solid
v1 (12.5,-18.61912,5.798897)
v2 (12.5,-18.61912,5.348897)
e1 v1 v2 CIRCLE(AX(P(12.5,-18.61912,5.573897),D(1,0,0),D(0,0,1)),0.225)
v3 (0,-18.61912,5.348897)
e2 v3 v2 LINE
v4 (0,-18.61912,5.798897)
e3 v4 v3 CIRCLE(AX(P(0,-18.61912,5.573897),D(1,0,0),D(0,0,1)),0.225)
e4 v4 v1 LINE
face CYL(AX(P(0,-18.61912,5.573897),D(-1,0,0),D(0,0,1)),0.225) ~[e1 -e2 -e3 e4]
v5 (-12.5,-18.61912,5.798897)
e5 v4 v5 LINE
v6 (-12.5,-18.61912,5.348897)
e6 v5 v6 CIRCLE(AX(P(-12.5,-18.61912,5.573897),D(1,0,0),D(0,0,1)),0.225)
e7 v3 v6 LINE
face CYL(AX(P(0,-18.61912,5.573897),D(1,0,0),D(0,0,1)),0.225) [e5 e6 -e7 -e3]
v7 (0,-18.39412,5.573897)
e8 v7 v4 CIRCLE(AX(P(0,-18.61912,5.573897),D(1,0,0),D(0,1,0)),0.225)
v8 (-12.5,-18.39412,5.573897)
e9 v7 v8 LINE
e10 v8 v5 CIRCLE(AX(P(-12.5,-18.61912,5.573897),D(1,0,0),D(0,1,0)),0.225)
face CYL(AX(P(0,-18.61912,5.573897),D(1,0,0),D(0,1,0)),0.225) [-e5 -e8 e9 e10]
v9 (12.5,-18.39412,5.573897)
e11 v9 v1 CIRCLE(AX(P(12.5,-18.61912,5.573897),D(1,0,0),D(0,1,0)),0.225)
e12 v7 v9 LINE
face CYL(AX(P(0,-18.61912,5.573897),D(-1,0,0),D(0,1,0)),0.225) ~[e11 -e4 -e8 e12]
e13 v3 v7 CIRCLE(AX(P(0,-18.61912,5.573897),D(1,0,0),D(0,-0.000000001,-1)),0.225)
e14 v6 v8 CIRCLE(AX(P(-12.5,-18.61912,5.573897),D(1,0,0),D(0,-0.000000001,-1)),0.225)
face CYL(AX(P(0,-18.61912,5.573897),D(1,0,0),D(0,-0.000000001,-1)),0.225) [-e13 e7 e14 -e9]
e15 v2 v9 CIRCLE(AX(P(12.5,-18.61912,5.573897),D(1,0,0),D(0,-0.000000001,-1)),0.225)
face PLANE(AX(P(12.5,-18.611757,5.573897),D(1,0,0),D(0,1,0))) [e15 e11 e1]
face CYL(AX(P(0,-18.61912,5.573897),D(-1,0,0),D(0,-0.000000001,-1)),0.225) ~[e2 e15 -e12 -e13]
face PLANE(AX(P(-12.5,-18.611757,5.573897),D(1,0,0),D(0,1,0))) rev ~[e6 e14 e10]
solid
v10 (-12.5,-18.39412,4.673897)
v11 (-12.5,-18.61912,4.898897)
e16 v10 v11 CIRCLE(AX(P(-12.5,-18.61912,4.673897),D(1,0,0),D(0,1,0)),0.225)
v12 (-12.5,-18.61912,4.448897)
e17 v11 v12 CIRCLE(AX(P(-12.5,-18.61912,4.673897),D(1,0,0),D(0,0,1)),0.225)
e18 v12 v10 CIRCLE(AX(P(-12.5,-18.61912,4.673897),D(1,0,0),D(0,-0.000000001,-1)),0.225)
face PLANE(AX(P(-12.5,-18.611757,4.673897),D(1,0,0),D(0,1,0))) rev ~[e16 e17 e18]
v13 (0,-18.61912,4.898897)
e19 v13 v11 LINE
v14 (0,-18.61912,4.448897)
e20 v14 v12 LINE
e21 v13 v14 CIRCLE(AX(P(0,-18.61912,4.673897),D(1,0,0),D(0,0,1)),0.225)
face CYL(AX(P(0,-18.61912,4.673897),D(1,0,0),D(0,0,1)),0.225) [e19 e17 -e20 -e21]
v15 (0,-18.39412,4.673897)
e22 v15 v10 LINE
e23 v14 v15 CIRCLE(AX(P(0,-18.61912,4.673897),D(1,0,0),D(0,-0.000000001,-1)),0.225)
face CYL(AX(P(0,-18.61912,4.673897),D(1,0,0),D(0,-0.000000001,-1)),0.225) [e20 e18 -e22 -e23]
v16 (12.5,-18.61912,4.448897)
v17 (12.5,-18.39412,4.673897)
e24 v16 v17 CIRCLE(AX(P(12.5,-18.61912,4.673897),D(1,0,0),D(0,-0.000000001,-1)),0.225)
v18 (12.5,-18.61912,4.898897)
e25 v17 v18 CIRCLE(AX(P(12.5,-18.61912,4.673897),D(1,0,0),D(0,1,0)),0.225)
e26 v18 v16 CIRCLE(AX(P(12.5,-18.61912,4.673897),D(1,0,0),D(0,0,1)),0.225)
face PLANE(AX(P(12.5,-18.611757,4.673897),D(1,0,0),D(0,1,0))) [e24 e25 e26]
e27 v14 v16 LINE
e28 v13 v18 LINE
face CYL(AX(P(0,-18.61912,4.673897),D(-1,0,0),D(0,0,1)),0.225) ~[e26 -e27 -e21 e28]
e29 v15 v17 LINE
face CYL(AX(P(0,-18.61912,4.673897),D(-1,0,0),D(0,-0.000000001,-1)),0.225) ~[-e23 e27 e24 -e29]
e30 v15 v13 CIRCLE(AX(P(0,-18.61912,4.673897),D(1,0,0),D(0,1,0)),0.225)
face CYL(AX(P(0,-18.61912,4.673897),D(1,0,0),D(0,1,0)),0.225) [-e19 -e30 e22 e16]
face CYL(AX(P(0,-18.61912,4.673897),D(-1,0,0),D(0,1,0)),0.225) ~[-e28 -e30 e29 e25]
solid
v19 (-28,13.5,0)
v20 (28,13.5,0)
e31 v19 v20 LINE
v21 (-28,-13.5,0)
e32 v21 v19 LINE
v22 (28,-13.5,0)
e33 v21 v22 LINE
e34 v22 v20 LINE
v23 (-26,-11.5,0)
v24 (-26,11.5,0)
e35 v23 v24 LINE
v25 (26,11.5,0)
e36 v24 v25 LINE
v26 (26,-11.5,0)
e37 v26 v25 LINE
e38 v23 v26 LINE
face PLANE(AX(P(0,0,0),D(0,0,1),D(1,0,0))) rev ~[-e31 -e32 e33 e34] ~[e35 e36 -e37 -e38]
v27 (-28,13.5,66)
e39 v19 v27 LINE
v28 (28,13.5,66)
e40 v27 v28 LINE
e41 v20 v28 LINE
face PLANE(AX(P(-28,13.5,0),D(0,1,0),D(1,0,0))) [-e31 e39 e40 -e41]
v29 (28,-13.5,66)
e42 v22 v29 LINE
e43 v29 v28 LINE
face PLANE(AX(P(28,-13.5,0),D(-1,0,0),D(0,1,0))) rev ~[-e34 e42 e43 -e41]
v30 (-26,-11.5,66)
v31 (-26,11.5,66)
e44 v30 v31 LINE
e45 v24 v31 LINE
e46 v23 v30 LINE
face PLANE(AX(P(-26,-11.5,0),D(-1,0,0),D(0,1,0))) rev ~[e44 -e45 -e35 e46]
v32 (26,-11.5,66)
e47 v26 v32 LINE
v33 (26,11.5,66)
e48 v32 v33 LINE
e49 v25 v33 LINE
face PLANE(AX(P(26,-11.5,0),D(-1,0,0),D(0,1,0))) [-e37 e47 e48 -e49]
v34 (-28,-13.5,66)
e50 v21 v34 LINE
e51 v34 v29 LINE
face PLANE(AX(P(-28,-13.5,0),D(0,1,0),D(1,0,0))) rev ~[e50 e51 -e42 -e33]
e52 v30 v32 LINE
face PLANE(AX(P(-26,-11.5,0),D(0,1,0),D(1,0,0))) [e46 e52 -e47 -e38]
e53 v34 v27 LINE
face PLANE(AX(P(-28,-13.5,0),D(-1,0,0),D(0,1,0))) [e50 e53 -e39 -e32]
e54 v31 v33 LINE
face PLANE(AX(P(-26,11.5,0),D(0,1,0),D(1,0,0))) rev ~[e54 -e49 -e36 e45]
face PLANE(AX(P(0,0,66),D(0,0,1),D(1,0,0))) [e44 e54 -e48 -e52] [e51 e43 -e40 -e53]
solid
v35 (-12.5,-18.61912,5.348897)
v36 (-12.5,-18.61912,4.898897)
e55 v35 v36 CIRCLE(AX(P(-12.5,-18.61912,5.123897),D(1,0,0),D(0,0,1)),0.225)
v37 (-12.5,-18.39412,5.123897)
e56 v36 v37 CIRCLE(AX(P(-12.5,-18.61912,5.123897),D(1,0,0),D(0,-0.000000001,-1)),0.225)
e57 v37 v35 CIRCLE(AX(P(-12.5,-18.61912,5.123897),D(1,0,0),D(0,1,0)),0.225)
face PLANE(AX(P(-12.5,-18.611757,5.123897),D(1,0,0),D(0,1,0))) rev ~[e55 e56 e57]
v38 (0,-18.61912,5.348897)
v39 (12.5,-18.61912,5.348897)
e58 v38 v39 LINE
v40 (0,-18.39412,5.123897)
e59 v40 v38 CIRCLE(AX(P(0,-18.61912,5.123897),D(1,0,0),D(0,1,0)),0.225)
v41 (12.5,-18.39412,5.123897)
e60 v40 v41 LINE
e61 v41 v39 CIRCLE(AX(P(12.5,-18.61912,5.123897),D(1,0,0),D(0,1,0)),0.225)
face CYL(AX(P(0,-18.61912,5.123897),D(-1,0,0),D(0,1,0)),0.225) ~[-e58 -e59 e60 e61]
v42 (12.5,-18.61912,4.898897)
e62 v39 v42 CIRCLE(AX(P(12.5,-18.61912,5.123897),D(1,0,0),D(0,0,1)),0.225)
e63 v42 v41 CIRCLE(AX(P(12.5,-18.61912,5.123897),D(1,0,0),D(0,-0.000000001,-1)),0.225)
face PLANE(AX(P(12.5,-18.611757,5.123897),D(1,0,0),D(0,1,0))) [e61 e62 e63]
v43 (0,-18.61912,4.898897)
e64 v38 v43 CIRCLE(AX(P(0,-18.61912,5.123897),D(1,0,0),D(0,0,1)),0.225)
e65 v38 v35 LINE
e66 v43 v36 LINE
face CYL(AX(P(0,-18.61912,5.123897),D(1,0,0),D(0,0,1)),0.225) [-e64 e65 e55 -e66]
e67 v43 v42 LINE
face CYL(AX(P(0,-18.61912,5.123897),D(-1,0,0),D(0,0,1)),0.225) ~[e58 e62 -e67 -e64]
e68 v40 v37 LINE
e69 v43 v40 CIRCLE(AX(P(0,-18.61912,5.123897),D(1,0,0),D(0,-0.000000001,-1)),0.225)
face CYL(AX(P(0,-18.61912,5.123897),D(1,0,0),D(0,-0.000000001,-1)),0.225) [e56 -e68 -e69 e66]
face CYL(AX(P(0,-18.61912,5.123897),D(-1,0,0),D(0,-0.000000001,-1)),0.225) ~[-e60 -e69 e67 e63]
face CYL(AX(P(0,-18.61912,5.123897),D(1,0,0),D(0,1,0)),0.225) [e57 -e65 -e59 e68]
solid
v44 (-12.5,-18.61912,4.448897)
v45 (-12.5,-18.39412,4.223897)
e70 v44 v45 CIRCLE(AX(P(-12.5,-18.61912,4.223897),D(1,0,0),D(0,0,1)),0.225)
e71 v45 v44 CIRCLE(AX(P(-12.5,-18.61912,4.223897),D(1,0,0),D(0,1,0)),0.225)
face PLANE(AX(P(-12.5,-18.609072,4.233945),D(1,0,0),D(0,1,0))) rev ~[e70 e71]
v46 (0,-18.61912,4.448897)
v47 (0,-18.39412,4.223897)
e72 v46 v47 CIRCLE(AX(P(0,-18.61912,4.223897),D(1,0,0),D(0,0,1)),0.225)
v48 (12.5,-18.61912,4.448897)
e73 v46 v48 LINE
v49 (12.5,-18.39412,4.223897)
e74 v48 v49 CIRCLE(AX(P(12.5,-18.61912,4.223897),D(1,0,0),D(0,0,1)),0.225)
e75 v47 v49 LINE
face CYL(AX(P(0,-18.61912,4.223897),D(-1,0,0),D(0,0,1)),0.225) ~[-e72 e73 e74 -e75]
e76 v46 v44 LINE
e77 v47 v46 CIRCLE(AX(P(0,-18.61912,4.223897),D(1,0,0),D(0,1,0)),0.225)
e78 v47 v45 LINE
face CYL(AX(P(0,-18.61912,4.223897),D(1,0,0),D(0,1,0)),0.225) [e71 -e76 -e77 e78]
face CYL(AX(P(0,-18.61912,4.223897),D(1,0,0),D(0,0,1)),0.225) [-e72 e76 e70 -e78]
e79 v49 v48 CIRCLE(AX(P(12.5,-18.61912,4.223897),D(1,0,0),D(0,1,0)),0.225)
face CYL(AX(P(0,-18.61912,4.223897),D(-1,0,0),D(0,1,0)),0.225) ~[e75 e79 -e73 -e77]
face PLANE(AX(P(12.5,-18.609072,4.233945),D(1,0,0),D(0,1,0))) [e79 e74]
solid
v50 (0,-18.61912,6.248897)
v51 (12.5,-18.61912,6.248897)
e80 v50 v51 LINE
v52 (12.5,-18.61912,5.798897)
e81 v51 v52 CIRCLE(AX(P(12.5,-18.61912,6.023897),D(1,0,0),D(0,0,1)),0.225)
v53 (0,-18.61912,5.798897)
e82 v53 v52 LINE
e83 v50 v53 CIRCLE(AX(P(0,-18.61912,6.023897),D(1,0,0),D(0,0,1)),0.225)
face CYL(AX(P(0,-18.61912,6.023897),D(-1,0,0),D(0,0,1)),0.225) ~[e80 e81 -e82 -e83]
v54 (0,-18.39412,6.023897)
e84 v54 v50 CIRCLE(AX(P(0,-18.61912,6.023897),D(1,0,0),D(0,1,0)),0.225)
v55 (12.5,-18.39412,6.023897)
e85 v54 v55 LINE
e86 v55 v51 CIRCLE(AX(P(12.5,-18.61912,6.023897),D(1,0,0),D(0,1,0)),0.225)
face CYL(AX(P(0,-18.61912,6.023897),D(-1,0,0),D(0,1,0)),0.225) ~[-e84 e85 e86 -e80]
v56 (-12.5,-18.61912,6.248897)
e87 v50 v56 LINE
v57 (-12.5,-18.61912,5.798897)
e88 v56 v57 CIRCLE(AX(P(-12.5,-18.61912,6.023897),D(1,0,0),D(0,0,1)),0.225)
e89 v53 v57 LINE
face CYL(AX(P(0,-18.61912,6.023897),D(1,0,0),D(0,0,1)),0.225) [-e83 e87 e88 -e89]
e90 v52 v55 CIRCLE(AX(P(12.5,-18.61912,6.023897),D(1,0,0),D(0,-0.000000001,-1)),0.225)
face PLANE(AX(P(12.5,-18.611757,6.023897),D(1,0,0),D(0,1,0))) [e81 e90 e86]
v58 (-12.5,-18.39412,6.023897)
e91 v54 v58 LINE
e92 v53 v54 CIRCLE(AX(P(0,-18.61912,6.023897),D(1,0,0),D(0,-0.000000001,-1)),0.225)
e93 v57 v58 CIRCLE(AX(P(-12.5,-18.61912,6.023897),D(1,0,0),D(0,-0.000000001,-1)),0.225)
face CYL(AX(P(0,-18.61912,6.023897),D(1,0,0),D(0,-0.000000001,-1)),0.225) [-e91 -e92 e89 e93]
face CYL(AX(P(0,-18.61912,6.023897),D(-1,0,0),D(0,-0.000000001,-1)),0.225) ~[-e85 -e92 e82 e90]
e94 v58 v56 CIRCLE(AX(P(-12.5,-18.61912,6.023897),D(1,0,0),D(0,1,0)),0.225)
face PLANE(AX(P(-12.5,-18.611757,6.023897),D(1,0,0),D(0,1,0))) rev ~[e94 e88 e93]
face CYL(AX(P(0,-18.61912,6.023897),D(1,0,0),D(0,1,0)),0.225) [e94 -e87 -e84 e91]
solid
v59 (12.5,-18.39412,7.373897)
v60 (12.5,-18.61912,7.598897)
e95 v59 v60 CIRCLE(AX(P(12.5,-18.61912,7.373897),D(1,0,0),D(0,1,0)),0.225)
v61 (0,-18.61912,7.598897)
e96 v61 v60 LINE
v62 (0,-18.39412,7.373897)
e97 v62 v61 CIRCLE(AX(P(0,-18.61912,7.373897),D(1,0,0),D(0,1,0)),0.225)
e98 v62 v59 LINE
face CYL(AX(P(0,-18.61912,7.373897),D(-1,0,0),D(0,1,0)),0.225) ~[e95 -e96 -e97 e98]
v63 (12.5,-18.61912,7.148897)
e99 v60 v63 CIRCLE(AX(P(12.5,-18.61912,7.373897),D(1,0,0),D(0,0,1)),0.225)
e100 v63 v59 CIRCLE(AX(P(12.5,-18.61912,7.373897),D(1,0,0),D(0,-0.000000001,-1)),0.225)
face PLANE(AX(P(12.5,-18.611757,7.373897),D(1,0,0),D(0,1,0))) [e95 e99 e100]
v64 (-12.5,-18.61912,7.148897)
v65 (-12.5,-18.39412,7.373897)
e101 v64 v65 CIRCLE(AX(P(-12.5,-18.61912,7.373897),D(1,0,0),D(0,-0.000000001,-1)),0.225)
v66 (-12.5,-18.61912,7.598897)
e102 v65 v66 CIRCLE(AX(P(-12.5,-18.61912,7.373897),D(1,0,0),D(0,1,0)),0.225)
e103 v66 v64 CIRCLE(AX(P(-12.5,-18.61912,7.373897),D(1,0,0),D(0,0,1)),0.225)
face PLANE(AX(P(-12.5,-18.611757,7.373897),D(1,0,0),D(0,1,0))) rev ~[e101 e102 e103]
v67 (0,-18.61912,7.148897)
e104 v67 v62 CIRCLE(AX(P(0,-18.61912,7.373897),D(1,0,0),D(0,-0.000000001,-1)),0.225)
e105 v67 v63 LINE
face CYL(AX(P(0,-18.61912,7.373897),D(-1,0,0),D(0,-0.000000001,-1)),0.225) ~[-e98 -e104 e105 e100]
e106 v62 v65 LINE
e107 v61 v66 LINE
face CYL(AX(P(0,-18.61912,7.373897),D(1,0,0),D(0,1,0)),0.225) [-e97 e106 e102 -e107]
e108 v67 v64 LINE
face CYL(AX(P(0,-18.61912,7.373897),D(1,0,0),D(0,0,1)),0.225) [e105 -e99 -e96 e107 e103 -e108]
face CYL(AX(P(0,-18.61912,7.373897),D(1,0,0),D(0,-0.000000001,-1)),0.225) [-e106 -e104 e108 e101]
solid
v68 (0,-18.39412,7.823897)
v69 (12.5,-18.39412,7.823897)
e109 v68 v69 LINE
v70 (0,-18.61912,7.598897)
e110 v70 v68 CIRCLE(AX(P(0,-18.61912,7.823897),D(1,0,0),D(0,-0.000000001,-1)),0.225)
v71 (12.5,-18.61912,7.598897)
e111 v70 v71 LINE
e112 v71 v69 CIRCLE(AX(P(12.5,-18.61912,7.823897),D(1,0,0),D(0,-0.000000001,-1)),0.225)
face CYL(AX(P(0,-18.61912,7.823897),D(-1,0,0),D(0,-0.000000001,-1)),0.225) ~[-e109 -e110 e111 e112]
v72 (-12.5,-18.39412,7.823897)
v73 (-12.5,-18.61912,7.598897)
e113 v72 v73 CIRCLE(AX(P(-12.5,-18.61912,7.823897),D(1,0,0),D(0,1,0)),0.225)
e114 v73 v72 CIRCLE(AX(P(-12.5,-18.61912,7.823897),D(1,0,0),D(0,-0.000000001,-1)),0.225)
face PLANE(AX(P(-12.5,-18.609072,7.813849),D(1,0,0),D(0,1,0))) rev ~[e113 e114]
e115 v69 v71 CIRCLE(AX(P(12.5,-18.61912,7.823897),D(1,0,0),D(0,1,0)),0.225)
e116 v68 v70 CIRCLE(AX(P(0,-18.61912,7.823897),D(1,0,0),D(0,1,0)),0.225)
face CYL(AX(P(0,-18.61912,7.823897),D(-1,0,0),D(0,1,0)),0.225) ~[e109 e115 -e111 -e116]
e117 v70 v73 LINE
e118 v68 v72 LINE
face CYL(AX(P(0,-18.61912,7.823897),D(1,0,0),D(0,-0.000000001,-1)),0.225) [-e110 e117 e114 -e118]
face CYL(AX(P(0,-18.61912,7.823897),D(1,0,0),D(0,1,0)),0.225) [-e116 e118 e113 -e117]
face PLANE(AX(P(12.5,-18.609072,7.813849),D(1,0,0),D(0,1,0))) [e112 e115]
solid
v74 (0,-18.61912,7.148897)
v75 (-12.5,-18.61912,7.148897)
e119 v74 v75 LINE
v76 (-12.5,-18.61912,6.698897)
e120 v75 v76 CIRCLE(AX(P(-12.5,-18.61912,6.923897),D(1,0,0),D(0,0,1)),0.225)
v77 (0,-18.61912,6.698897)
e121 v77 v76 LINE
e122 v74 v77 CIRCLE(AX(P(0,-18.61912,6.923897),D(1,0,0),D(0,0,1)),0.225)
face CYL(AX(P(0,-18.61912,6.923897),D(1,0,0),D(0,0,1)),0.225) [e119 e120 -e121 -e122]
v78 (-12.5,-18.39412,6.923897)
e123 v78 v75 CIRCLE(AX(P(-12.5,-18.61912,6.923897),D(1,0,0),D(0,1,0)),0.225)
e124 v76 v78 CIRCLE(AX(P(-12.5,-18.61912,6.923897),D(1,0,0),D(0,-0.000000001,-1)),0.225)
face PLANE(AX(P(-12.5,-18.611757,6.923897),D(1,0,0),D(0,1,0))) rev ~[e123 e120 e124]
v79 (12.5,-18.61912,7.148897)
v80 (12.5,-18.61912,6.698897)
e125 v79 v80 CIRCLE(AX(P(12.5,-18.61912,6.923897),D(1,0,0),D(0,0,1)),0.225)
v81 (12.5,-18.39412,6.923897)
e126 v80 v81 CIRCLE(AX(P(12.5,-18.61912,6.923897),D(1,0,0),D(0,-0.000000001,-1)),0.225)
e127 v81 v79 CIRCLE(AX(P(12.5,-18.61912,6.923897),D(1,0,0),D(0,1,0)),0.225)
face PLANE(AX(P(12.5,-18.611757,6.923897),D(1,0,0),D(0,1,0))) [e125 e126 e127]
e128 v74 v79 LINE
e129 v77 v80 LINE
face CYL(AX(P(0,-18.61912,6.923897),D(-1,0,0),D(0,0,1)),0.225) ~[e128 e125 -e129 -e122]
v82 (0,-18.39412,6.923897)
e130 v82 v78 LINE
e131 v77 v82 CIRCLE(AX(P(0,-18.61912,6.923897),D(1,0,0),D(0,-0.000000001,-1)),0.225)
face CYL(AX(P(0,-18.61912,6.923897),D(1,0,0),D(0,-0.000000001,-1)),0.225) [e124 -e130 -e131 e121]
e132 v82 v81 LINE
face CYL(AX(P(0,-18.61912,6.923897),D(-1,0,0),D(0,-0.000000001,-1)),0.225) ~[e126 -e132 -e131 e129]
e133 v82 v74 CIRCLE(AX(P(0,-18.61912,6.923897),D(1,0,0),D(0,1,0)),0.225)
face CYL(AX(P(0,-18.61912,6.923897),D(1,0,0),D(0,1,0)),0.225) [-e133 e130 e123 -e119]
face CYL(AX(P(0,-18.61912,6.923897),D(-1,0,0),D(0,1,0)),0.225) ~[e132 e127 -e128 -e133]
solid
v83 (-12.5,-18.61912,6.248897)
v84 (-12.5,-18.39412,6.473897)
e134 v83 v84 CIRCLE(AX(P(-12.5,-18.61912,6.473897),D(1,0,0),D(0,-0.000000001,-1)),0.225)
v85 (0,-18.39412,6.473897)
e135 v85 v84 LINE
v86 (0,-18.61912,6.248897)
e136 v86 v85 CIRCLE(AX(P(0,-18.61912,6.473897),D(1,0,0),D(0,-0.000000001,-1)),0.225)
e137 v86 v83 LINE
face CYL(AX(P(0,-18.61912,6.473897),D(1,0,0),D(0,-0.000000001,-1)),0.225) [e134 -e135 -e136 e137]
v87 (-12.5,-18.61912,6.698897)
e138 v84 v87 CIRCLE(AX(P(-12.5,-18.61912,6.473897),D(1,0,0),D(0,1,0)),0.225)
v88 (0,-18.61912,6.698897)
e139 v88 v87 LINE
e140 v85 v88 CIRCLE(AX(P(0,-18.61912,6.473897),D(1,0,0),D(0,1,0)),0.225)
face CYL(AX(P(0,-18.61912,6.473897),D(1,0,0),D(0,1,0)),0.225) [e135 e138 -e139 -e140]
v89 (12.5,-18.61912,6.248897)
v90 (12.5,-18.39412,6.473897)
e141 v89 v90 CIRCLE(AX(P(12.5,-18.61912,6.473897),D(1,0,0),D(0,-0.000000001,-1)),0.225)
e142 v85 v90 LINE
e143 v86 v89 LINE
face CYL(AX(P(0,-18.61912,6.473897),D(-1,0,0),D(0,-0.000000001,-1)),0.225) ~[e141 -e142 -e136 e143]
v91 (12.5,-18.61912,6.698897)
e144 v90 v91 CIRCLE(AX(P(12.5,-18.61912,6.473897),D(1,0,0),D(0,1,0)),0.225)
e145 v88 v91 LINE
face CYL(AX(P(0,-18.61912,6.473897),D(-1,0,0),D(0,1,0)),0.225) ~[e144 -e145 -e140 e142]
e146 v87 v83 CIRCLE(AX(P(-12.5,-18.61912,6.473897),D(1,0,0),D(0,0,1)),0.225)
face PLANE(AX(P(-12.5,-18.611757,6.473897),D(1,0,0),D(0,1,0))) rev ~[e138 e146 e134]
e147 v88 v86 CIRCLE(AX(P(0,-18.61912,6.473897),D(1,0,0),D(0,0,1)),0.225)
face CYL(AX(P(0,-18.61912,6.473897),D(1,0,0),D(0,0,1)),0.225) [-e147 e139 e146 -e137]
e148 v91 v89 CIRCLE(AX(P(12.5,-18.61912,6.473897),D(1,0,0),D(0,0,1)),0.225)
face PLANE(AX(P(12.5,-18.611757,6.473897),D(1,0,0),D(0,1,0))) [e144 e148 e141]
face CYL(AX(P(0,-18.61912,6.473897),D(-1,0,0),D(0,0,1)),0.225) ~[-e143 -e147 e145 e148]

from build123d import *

# Parameters (mm, degrees)
F0_W     = 56
F0_H     = 27
F0_W_2   = 52
F0_H_2   = 23
F1_DEPTH = 66
F3_DEPTH = 12.5


with BuildPart() as f1:
    # F0 (on Top) → F1 (new body)
    with BuildSketch(Plane.XY):
        Rectangle(F0_W, F0_H)
        Rectangle(F0_W_2, F0_H_2, mode=Mode.SUBTRACT)
    extrude(amount=F1_DEPTH)


with BuildPart() as f3:
    # F2 (on Right) → F3 (new body, symmetric)
    with BuildSketch(Plane.YZ):
        with BuildLine():
            ThreePointArc((-18.394120121, 4.22389699), (-18.4600210952, 4.3829960157), (-18.619120121, 4.44889699))
            ThreePointArc((-18.619120121, 4.44889699), (-18.7782191468, 4.0647979642), (-18.394120121, 4.22389699))
        make_face()
    extrude(amount=F3_DEPTH, both=True)


with BuildPart() as f3b:
    # F2 (on Right) → F3, piece 2 (new body, symmetric)
    with BuildSketch(Plane.YZ):
        with BuildLine():
            ThreePointArc((-18.394120121, 4.67389699), (-18.4600210952, 4.8329960157), (-18.619120121, 4.89889699))
            ThreePointArc((-18.619120121, 4.89889699), (-18.844120121, 4.67389699), (-18.619120121, 4.44889699))
            ThreePointArc((-18.619120121, 4.44889699), (-18.4600210952, 4.5147979642), (-18.394120121, 4.67389699))
        make_face()
    extrude(amount=F3_DEPTH, both=True)


with BuildPart() as f3c:
    # F2 (on Right) → F3, piece 3 (new body, symmetric)
    with BuildSketch(Plane.YZ):
        with BuildLine():
            ThreePointArc((-18.394120121, 5.57389699), (-18.4600210952, 5.7329960157), (-18.619120121, 5.79889699))
            ThreePointArc((-18.619120121, 5.79889699), (-18.844120121, 5.57389699), (-18.619120121, 5.34889699))
            ThreePointArc((-18.619120121, 5.34889699), (-18.4600210952, 5.4147979642), (-18.394120121, 5.57389699))
        make_face()
    extrude(amount=F3_DEPTH, both=True)


with BuildPart() as f3d:
    # F2 (on Right) → F3, piece 4 (new body, symmetric)
    with BuildSketch(Plane.YZ):
        with BuildLine():
            ThreePointArc((-18.394120121, 5.12389699), (-18.4600210952, 5.2829960157), (-18.619120121, 5.34889699))
            ThreePointArc((-18.619120121, 5.34889699), (-18.844120121, 5.12389699), (-18.619120121, 4.89889699))
            ThreePointArc((-18.619120121, 4.89889699), (-18.4600210952, 4.9647979642), (-18.394120121, 5.12389699))
        make_face()
    extrude(amount=F3_DEPTH, both=True)


with BuildPart() as f3e:
    # F2 (on Right) → F3, piece 5 (new body, symmetric)
    with BuildSketch(Plane.YZ):
        with BuildLine():
            ThreePointArc((-18.394120121, 6.02389699), (-18.4600210952, 6.1829960157), (-18.619120121, 6.24889699))
            ThreePointArc((-18.619120121, 6.24889699), (-18.844120121, 6.02389699), (-18.619120121, 5.79889699))
            ThreePointArc((-18.619120121, 5.79889699), (-18.4600210952, 5.8647979642), (-18.394120121, 6.02389699))
        make_face()
    extrude(amount=F3_DEPTH, both=True)


with BuildPart() as f3f:
    # F2 (on Right) → F3, piece 6 (new body, symmetric)
    with BuildSketch(Plane.YZ):
        with BuildLine():
            ThreePointArc((-18.394120121, 6.47389699), (-18.4600210952, 6.6329960157), (-18.619120121, 6.69889699))
            ThreePointArc((-18.619120121, 6.69889699), (-18.844120121, 6.47389699), (-18.619120121, 6.24889699))
            ThreePointArc((-18.619120121, 6.24889699), (-18.4600210952, 6.3147979642), (-18.394120121, 6.47389699))
        make_face()
    extrude(amount=F3_DEPTH, both=True)


with BuildPart() as f3g:
    # F2 (on Right) → F3, piece 7 (new body, symmetric)
    with BuildSketch(Plane.YZ):
        with BuildLine():
            ThreePointArc((-18.619120121, 6.69889699), (-18.4600210952, 6.7647979642), (-18.394120121, 6.92389699))
            ThreePointArc((-18.394120121, 6.92389699), (-18.4600210952, 7.0829960157), (-18.619120121, 7.14889699))
            ThreePointArc((-18.619120121, 7.14889699), (-18.844120121, 6.92389699), (-18.619120121, 6.69889699))
        make_face()
    extrude(amount=F3_DEPTH, both=True)


with BuildPart() as f3h:
    # F2 (on Right) → F3, piece 8 (new body, symmetric)
    with BuildSketch(Plane.YZ):
        with BuildLine():
            ThreePointArc((-18.619120121, 7.59889699), (-18.844120121, 7.37389699), (-18.619120121, 7.14889699))
            ThreePointArc((-18.619120121, 7.14889699), (-18.4600210952, 7.2147979642), (-18.394120121, 7.37389699))
            ThreePointArc((-18.394120121, 7.37389699), (-18.4600210952, 7.5329960157), (-18.619120121, 7.59889699))
        make_face()
    extrude(amount=F3_DEPTH, both=True)


with BuildPart() as f3i:
    # F2 (on Right) → F3, piece 9 (new body, symmetric)
    with BuildSketch(Plane.YZ):
        with BuildLine():
            ThreePointArc((-18.394120121, 7.82389699), (-18.7782191468, 7.9829960157), (-18.619120121, 7.59889699))
            ThreePointArc((-18.619120121, 7.59889699), (-18.4600210952, 7.6647979642), (-18.394120121, 7.82389699))
        make_face()
    extrude(amount=F3_DEPTH, both=True)


solid = Compound([f1.part, f3.part, f3b.part, f3c.part, f3d.part, f3e.part, f3f.part, f3g.part, f3h.part, f3i.part])
